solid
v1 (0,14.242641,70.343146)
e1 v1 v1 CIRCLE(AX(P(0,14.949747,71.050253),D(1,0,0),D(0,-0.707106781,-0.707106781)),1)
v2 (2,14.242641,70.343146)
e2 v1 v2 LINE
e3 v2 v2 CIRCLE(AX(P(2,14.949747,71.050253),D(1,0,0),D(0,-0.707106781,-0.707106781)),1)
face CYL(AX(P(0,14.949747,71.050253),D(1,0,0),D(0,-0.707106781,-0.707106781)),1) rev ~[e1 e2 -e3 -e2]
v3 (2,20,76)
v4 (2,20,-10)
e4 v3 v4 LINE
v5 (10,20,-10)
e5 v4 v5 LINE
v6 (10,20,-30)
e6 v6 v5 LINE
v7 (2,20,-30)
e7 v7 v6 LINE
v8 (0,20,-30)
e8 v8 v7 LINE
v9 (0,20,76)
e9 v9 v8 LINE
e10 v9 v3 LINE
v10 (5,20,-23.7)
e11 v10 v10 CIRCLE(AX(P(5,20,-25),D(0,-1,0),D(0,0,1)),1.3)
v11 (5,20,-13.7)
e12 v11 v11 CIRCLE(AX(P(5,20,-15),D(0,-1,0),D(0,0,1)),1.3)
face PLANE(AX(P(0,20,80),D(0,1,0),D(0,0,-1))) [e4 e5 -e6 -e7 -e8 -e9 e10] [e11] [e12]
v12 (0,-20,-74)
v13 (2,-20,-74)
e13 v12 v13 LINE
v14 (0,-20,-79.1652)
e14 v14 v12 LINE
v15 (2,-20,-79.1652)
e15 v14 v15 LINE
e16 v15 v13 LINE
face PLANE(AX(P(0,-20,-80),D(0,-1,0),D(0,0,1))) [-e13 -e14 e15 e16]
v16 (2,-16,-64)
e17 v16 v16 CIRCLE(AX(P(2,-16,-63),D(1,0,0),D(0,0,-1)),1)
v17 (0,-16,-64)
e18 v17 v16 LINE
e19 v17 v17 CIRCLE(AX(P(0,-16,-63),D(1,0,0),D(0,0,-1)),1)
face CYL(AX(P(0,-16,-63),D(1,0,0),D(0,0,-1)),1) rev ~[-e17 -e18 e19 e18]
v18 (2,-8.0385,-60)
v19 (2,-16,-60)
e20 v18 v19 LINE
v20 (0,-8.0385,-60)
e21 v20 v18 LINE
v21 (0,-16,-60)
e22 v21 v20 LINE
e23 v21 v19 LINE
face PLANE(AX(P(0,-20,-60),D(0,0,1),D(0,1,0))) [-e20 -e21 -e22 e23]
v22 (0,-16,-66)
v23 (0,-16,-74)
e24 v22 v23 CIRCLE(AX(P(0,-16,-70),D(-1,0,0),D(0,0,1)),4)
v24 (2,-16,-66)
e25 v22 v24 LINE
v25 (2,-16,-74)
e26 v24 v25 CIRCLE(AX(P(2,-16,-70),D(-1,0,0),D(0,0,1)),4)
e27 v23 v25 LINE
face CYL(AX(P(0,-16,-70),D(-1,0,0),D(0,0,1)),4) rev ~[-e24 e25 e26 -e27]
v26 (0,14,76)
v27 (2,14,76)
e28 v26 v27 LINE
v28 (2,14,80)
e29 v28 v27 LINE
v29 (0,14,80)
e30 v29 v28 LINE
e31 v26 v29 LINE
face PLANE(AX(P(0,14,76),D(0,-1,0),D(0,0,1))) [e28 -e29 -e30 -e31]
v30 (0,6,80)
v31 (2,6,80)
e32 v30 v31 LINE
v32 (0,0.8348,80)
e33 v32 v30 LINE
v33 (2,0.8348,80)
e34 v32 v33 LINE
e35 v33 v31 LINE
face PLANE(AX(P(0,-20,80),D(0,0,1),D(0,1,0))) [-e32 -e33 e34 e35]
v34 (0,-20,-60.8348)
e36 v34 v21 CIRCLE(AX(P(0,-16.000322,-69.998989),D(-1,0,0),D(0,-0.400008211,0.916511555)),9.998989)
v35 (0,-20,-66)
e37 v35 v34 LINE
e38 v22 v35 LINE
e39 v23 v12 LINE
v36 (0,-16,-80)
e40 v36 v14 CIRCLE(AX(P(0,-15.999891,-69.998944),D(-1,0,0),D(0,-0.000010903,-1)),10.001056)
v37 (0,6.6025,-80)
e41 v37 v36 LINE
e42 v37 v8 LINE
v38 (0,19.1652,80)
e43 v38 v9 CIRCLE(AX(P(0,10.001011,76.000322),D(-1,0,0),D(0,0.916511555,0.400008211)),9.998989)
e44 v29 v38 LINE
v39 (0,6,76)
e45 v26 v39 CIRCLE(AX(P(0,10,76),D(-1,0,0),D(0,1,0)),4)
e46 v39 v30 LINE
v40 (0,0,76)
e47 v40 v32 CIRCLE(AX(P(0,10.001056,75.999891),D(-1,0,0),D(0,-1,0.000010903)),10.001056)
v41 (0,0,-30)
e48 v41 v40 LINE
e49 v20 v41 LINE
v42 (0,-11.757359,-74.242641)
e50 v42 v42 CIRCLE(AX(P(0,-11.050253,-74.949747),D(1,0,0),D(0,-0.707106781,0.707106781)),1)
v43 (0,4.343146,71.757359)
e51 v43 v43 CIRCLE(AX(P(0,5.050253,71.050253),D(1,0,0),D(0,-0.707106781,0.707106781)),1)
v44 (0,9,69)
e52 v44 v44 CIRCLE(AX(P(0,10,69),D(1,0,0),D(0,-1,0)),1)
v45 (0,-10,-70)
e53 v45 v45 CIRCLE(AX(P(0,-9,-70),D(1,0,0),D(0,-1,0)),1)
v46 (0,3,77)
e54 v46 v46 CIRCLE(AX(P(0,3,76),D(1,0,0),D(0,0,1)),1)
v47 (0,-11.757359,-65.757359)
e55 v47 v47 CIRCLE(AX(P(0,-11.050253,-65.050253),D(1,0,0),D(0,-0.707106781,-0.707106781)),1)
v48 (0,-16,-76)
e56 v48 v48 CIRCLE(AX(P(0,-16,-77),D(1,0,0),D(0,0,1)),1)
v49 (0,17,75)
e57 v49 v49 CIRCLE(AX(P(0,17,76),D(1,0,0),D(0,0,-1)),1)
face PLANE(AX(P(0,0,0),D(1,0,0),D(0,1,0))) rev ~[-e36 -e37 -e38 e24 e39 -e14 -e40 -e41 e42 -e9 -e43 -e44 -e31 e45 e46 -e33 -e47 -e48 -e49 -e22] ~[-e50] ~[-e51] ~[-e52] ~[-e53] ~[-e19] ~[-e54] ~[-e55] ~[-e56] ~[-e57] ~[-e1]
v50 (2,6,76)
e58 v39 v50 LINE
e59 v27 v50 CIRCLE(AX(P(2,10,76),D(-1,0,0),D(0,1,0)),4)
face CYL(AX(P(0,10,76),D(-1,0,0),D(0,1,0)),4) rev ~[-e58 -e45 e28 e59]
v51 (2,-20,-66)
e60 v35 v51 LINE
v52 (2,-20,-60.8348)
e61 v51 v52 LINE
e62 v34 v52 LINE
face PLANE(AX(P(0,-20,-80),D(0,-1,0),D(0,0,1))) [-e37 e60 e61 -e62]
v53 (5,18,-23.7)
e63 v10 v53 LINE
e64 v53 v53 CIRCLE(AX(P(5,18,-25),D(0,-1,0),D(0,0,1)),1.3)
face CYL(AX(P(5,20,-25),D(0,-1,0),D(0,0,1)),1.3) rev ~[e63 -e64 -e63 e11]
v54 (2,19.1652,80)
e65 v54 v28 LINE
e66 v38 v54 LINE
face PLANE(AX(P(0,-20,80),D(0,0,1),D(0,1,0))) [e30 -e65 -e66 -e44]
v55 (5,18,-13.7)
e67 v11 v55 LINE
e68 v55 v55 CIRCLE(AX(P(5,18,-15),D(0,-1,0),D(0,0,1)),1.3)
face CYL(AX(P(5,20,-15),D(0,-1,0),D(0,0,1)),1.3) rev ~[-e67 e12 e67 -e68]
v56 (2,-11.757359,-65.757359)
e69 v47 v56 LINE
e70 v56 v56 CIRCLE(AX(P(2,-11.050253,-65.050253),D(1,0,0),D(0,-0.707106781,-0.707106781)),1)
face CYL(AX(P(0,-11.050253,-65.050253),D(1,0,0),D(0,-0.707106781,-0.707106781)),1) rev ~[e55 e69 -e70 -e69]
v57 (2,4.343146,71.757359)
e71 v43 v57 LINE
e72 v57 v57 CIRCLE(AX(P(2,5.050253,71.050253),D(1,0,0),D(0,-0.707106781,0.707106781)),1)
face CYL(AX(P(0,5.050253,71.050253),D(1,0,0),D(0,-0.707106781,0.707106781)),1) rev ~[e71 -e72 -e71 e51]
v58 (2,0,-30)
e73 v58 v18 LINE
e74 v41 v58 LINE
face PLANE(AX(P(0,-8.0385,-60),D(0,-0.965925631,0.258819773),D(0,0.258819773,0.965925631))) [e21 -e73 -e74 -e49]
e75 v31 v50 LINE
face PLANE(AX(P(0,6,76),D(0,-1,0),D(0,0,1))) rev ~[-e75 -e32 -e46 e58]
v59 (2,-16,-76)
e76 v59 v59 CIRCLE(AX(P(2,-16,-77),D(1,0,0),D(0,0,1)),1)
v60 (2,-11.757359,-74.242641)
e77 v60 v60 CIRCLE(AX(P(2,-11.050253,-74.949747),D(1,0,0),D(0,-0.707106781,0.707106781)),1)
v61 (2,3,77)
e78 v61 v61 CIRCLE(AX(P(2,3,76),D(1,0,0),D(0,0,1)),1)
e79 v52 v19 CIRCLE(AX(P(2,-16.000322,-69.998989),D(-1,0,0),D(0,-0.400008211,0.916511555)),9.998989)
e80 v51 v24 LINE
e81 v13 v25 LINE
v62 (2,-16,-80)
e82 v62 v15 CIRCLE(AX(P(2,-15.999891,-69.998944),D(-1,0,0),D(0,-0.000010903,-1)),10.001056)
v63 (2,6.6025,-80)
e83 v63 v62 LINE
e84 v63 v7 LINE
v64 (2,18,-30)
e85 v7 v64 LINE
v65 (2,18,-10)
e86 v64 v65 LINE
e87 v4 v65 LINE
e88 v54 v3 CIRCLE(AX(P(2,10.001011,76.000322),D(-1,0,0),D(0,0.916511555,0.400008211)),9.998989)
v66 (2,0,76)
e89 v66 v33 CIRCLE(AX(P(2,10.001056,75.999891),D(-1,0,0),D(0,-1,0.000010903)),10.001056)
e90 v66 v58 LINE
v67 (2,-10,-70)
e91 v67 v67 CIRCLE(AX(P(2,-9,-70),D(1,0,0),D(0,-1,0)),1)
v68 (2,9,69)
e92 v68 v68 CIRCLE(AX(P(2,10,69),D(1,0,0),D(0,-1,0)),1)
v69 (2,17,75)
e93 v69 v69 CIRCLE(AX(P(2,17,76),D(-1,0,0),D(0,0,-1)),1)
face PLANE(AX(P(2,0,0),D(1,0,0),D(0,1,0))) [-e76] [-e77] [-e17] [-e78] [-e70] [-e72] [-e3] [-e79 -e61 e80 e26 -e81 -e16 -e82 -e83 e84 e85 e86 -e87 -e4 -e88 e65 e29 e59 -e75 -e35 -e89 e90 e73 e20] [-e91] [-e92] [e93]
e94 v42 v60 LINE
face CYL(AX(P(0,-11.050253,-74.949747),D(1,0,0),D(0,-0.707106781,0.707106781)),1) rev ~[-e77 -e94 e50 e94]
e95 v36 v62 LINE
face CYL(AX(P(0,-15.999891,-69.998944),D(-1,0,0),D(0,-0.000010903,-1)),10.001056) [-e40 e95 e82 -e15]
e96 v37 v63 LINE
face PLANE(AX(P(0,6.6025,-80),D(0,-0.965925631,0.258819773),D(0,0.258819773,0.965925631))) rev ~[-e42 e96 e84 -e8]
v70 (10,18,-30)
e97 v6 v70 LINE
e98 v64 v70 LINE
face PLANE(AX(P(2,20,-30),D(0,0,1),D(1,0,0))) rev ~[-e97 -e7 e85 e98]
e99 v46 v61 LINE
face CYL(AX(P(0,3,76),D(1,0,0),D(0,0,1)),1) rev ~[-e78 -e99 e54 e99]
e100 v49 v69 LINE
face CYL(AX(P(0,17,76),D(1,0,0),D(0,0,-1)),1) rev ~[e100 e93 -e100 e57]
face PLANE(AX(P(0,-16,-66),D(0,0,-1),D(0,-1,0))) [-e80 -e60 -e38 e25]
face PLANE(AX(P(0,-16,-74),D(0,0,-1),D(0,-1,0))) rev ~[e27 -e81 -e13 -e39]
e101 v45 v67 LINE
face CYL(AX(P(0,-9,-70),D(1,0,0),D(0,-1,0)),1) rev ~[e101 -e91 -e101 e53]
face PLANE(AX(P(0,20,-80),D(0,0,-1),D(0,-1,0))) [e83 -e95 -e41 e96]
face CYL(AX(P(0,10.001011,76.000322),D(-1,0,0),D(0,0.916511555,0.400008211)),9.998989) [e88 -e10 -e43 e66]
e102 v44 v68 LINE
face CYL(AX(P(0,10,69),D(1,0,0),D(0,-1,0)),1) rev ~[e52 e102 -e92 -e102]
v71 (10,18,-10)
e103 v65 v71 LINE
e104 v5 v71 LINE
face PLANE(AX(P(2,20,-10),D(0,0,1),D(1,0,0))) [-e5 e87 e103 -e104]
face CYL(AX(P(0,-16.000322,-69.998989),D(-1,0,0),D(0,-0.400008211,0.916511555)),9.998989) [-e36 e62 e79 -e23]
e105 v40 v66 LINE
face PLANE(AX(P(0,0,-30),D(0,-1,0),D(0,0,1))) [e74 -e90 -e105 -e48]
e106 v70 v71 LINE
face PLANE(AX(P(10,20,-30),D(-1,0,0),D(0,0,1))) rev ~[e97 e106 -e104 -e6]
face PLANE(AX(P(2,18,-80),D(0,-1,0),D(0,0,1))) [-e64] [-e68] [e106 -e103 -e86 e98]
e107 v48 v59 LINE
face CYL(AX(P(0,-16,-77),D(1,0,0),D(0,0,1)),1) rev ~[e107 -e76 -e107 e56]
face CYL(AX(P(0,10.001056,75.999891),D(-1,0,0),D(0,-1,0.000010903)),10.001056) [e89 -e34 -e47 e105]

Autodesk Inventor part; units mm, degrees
ref_plane "YZ Plane" through (0, 0, 0) normal (1, 0, 0) x (0, 1, 0)
ref_plane "XZ Plane" through (0, 0, 0) normal (0, 1, 0) x (-1, 0, 0)
ref_plane "XY Plane" through (0, 0, 0) normal (0, 0, 1) x (1, 0, 0)
sketch "スケッチ1" plane through (0, 0, 0) normal (1, 0, 0) x (0, 1, 0)
  line L0 (-20, 80) -> (20, 80)
  line L1 (20, 80) -> (20, -80)
  line L2 (20, -80) -> (-20, -80)
  line L3 (-20, -80) -> (-20, 80)
  point P0 (0, 0)
  dimension "d0" = 160
  dimension "d2" = 40
  dimension "d3" = 20
  dimension "d4" = 80
extrude "押し出し1" add sketch "スケッチ1" along normal blind 2
sketch "スケッチ2" plane through (2, 0, 0) normal (1, 0, 0) x (0, 0, -1)
  line L0 (80, -20) -> (80, 20) projected
  line L1 (80, 20) -> (-80, 20) projected
  line L2 (-80, 20) -> (80, 20)
  line L3 (80, 20) -> (80, 18)
  line L4 (80, 18) -> (-80, 18)
  line L5 (-80, 18) -> (-80, 20)
  point P0 (0, 0)
  dimension "d7" = 2
extrude "押し出し2" add sketch "スケッチ2" along normal blind 20
sketch "スケッチ3" plane through (0, 0, 0) normal (-1, 0, 0) x (0, 0, 1)
  line L0 (80, -20) -> (80, 20) projected
  line L1 (80, 20) -> (-80, 20) projected
  line L2 (-80, 20) -> (-80, -20) projected
  line L3 (-80, -20) -> (80, -20) projected
  line L4 (-60, -20) -> (-60, -8.0385)
  line L5 (-60, -8.0385) -> (-30, 0)
  line L6 (-30, 0) -> (80, 0)
  line L7 (80, 0) -> (80, 20)
  line L8 (-80, 6.6025) -> (-30, 20)
  point P0 (0, 0)
  dimension "d11" = 20
  dimension "d12" = 15
  dimension "d13" = 15
  dimension "d14" = 20
  dimension "d15" = 160
  dimension "d17" = 110
  dimension "d18" = 110
extrude "押し出し3" cut sketch "スケッチ3" against normal blind 20 contours L6 L5 L4 L3 L2 L8 L1 L0 keep common part
sketch "スケッチ6" plane through (0, 0, 0) normal (-1, 0, 0) x (0, 0, 1)
  line L0 (-60, -8.0385) -> (-60, -20) projected
  line L1 (-30, 0) -> (-60, -8.0385) projected
  line L2 (80, 0) -> (-30, 0) projected
  line L3 (80, 0) -> (80, 20) projected
  line L4 (80, 20) -> (-30, 20) projected
  line L5 (-80, 6.6025) -> (-30, 20) projected
  line L6 (-80, 6.6025) -> (-80, -20) projected
  line L7 (-80, -20) -> (-60, -20) projected
  arc A0 (-66, -16) -> (-74, -16) centre (-70, -16) ccw
  arc A1 (76, 14) -> (76, 6) centre (76, 10) ccw
  line L8 (-74, -16) -> (-74, -20)
  line L9 (-66, -16) -> (-66, -20)
  line L10 (76, 14) -> (80, 14)
  line L11 (76, 6) -> (80, 6)
  arc A2 (-60.8348, -20) -> (-60, -16) centre (-70, -16) ccw
  arc A3 (-80, -16) -> (-79.1652, -20) centre (-70, -16) ccw
  arc A4 (76, 0) -> (80, 0.8348) centre (76, 10) ccw
  arc A5 (80, 19.1652) -> (76, 20) centre (76, 10) ccw
  point P0 (0, 0)
  dimension "d37" = 8
  dimension "d39" = 8
  dimension "d40" = 4
  dimension "d41" = 4
  dimension "d42" = 10
  dimension "d43" = 10
extrude "押し出し6" cut sketch "スケッチ6" against normal blind 11 contours L0 A2 L7 L9 A0 L8 A3 L6 L5 L4 A5 L3 L10 A1 L11 A4 L2 L1 keep common part
sketch "スケッチ7" plane through (0, 0, 0) normal (-1, 0, 0) x (0, 0, 1)
  arc A0 (80, 19.1652) -> (76, 20) centre (76, 10) ccw projected
  arc A1 (-80, -16) -> (-79.1652, -20) centre (-70, -16) ccw projected
  line L0 (-79.1652, -20) -> (-74, -20) projected
  line L1 (80, 0.8348) -> (80, 6) projected
  circle A2 centre (76, 3) radius 1
  circle A3 centre (-77, -16) radius 1
  point P0 (0, 0)
  dimension "d46" = 2
  dimension "d48" = 7
  dimension "d49" = 4
  dimension "d50" = 4
  dimension "d51" = 7
hole "穴1" at (0, -16, -77) at (0, 3, 76) direction (1, 0, 0) diameter 2 end through all
pattern_circular "円形状パターン1" count 5 over 180 about axis through (0, -16, -70) along (1, 0, 0) of "穴1"
pattern_circular "円形状パターン2" count 5 over 180 about axis through (0, 10, 76) along (1, 0, 0) of "穴1"
sketch "スケッチ4" plane through (0, 20, -30) normal (0, 1, 0) x (1, 0, 0)
  line L0 (0, 0) -> (20, 0) projected
  line L1 (0, -110) -> (0, 0) projected
  line L2 (20, 0) -> (2, 0)
  line L3 (2, 0) -> (2, 8)
  line L4 (2, 8) -> (20, 8)
  line L5 (20, 8) -> (20, 0)
  line L6 (20, -110) -> (11, -110)
  line L7 (11, -110) -> (11, 0)
  line L8 (11, 0) -> (20, 0)
  line L9 (20, 0) -> (20, -110)
  line L10 (11, -110) -> (2, -110)
  line L11 (2, -110) -> (2, -20)
  line L12 (2, -20) -> (11, -20)
  line L13 (11, -20) -> (11, -110)
  line L14 (11, 0) -> (10, 0)
  line L15 (10, 0) -> (10, -20)
  line L16 (10, -20) -> (11, -20)
  line L17 (11, -20) -> (11, 0)
  point P0 (0, -30)
  dimension "d21" = 18
  dimension "d23" = 2
  dimension "d24" = 20
  dimension "d25" = 8
  dimension "d65" = 1
extrude "押し出し7" cut sketch "スケッチ4" against normal blind 2
sketch "スケッチ8" plane through (0, 20, 76) normal (0, 1, 0) x (1, 0, 0)
  line L0 (10, 86) -> (10, 106) projected
  line L1 (2, 106) -> (10, 106) projected
  circle A0 centre (5, 101) radius 1.3
  circle A1 centre (5, 91) radius 1.3
  point P0 (0, 76)
  dimension "d68" = 10
  dimension "d70" = 5
  dimension "d71" = 5
  dimension "d72" = 5
  dimension "d73" = 2.6
hole "穴2" at (5, 20, -15) at (5, 20, -25) direction (0, -1, 0) diameter 2.6 end through all
thread "ねじ3" size "M2.6x0.45" class "6H" standard "ANSI Metric M Profile" full length
thread "ねじ4" size "M2.6x0.45" class "6H" standard "ANSI Metric M Profile" full length
properties part number "09" material "アルミニウム 6061"
